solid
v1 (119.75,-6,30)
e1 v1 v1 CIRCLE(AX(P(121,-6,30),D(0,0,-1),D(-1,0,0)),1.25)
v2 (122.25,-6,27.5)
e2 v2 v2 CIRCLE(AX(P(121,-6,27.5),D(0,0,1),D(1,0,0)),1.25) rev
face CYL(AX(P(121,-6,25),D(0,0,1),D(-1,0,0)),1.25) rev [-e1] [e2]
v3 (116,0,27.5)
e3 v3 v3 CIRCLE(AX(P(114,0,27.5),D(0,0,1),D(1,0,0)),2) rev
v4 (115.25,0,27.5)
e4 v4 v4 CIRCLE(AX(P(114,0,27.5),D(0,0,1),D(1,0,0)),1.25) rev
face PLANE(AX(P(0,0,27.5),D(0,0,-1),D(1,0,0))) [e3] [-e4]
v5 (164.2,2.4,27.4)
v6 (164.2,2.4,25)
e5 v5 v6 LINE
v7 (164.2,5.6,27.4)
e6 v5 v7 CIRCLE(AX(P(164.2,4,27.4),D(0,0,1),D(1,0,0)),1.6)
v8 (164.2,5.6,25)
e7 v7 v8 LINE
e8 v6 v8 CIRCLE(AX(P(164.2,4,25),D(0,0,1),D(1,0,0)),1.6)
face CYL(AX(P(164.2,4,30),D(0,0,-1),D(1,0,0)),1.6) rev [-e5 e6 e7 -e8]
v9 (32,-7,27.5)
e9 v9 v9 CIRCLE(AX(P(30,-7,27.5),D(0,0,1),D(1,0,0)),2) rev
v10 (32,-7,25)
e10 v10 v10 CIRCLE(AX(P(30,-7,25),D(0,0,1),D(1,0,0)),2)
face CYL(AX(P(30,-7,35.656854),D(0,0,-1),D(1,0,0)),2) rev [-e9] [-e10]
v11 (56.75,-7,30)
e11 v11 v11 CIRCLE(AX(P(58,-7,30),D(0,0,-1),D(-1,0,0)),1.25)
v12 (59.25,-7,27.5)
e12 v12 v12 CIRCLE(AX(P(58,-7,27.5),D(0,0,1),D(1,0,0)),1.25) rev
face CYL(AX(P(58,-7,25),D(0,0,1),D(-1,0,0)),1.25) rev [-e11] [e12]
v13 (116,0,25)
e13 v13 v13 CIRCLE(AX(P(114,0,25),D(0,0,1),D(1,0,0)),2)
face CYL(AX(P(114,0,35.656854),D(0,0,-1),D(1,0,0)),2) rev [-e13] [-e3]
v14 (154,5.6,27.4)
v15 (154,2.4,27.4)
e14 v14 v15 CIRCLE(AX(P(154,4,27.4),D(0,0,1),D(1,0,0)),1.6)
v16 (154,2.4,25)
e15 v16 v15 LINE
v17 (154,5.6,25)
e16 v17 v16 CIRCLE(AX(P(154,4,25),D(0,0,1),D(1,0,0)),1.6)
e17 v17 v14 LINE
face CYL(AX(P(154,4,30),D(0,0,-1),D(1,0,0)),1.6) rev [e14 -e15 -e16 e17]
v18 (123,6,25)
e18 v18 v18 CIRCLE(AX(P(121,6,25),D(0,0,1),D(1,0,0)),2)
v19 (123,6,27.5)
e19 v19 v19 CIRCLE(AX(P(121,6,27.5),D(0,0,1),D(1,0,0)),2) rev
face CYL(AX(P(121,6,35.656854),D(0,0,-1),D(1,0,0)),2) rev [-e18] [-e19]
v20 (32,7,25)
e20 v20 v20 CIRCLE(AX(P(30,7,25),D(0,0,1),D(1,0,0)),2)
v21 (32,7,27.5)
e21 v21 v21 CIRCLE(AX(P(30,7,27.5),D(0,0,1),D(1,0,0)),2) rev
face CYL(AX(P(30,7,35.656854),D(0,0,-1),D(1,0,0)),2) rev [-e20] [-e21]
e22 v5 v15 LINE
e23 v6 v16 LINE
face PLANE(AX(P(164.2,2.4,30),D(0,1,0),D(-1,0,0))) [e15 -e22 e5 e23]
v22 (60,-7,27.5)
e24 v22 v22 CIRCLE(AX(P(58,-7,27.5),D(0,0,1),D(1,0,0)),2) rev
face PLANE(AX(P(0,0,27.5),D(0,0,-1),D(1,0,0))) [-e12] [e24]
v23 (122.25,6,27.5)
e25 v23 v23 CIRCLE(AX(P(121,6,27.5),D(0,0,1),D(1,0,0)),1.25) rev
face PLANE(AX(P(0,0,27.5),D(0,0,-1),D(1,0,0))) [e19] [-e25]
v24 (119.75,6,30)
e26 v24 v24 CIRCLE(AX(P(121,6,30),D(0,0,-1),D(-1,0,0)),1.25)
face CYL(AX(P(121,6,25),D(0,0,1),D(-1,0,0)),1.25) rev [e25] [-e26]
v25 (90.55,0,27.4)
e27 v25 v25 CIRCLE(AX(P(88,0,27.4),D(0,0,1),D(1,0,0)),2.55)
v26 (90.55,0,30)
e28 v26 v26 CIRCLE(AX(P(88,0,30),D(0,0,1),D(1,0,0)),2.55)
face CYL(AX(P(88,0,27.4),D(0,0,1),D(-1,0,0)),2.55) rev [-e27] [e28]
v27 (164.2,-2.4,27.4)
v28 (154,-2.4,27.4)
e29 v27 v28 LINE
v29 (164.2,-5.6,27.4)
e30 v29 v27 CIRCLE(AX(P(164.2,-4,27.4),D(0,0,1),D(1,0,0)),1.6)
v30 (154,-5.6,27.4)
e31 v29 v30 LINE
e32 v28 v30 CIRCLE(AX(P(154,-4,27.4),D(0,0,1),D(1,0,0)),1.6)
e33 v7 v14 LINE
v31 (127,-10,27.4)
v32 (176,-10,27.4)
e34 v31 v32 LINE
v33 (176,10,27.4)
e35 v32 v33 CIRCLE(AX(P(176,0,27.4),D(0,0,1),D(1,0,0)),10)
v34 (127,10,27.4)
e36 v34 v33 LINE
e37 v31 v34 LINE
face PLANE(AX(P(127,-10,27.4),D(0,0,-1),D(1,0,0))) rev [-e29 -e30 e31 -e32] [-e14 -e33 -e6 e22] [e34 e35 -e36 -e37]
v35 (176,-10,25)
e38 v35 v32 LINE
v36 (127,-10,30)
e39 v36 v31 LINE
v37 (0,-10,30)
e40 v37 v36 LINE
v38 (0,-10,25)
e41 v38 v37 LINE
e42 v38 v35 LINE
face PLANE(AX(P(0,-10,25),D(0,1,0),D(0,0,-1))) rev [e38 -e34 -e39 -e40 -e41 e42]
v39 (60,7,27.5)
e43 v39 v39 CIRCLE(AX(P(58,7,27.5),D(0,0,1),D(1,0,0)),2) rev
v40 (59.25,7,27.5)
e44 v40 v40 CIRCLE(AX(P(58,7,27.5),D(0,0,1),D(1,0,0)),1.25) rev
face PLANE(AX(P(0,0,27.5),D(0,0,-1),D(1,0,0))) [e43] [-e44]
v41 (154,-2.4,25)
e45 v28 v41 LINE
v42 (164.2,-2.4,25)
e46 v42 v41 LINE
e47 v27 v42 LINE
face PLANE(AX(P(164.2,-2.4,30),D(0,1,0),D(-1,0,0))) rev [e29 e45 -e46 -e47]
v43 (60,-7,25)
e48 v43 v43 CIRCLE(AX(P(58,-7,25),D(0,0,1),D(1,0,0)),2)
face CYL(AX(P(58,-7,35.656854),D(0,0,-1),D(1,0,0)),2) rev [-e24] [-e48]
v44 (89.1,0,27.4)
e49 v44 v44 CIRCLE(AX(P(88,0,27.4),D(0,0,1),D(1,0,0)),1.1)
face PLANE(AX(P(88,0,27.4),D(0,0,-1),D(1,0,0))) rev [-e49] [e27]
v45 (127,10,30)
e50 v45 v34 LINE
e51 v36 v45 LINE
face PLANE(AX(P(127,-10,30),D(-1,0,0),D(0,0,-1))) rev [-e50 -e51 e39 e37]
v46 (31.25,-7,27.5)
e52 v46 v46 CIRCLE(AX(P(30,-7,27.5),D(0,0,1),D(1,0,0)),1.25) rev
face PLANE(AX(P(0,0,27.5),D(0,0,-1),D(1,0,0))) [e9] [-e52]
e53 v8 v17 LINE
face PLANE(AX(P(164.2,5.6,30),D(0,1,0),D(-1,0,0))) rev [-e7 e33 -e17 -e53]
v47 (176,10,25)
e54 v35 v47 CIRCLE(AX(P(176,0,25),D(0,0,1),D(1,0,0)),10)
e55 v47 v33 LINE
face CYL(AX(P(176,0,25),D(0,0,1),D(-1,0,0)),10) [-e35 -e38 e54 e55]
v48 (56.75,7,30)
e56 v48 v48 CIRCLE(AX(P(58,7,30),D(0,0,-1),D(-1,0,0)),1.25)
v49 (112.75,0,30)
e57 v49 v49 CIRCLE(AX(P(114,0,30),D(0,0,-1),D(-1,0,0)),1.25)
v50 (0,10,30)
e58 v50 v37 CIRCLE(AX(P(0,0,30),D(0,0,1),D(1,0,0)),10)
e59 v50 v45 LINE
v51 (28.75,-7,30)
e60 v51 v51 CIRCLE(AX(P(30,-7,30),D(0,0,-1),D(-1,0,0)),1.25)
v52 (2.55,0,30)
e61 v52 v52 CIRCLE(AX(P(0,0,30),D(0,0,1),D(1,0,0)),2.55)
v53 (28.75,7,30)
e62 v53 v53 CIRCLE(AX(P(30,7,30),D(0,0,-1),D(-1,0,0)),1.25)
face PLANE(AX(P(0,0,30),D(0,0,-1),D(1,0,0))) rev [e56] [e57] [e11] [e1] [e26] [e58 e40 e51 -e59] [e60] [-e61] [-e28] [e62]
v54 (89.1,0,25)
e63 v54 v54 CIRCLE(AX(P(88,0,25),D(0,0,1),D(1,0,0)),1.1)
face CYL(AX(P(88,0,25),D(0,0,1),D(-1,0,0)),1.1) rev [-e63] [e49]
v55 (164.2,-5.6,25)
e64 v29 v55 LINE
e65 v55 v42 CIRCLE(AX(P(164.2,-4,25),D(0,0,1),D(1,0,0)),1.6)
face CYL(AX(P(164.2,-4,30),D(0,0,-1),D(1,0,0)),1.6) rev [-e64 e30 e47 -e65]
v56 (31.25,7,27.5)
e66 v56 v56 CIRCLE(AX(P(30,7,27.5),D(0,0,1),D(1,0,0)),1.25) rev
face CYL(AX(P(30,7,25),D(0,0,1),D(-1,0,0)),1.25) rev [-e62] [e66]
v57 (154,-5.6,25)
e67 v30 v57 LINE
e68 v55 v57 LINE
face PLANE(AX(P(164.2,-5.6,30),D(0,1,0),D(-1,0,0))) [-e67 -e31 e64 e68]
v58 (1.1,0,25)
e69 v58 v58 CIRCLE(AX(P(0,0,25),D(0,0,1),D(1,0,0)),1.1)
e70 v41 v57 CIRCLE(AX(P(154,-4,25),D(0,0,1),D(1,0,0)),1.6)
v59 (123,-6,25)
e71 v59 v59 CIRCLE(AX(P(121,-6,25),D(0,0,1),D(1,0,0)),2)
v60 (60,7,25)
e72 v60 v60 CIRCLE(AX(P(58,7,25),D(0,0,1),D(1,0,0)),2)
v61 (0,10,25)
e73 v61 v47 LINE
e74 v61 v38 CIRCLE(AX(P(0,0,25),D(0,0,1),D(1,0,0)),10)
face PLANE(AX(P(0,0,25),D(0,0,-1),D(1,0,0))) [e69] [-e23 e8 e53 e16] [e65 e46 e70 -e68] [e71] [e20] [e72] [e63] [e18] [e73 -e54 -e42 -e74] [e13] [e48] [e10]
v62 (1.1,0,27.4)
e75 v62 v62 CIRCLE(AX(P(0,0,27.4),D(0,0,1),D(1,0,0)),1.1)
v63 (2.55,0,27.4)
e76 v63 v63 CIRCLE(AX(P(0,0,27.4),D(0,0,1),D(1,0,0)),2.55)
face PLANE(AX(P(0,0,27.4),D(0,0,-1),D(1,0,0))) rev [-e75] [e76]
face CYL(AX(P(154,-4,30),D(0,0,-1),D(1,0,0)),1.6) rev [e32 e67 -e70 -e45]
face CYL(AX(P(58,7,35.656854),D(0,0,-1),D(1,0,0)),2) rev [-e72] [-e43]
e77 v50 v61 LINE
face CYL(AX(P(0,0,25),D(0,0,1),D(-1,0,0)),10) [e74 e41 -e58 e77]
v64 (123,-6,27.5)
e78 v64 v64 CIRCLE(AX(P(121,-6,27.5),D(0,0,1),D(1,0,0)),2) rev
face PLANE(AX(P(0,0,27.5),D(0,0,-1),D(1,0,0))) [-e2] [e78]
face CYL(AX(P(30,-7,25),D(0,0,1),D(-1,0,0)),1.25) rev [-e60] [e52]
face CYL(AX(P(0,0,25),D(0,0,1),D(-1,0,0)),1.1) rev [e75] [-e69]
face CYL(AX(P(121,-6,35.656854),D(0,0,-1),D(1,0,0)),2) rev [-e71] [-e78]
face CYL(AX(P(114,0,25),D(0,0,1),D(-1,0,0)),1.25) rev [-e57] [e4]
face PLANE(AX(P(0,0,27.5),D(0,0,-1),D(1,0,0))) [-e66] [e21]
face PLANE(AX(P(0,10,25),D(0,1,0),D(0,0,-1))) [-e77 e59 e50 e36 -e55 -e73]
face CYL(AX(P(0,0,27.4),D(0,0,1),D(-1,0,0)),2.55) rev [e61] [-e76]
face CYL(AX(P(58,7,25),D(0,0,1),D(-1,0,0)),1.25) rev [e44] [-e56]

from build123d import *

# Parameters (mm, degrees)
EXTRUDE_1_DEPTH     = 5
SKETCH_1_3_R        = 1.1
CUT_EXTRUDE_2_DEPTH = 187.33571853
SKETCH_1_4_R        = 2.55
CUT_EXTRUDE_3_DEPTH = 2.6
SKETCH_2_R          = 1.25
CUT_EXTRUDE_4_DEPTH = 187.33571853
CUT_EXTRUDE_START   = -5
SKETCH_2_3_R        = 2
CUT_EXTRUDE_5_DEPTH = 2.5
SKETCH_3_W          = 59
SKETCH_3_H          = 2.6
CUT_EXTRUDE_6_DEPTH = 188.138985783
CUT_EXTRUDE_7_DEPTH = 187.33571853
SKETCH_5_W          = 276.925102881
SKETCH_5_H          = 124.694650206
CUT_EXTRUDE_8_DEPTH = 187.871613682


with BuildPart() as part:
    # 草图1 → 凸台-拉伸1 (new body)
    with BuildSketch(Plane.XY):
        with BuildLine():
            Line((0, -10), (176, -10))
            ThreePointArc((176, -10), (186, 0), (176, 10))
            Line((176, 10), (0, 10))
            ThreePointArc((0, 10), (-10, 0), (0, -10))
        make_face()
    extrude(amount=EXTRUDE_1_DEPTH)

    # 草图1<3> → 切除-拉伸2 (cut, through all)
    with BuildSketch(Plane.XY):
        with Locations((88, 0)):
            Circle(SKETCH_1_3_R)
        Circle(SKETCH_1_3_R)
    extrude(amount=CUT_EXTRUDE_2_DEPTH, mode=Mode.SUBTRACT)

    # 草图1<4> → 切除-拉伸3 (cut)
    with BuildSketch(Plane.XY):
        with Locations((88, 0)):
            Circle(SKETCH_1_4_R)
        Circle(SKETCH_1_4_R)
    extrude(amount=CUT_EXTRUDE_3_DEPTH, mode=Mode.SUBTRACT)

    # 草图2 → 切除-拉伸4 (cut, through all)
    with BuildSketch(Plane(origin=(0, 0, 0), x_dir=(-1, 0, 0), z_dir=(0, 0, -1))):
        with Locations((-121, -6)):
            Circle(SKETCH_2_R)
        with Locations((-121, 6)):
            Circle(SKETCH_2_R)
        with Locations((-114, 0)):
            Circle(SKETCH_2_R)
        with Locations((-58, 7)):
            Circle(SKETCH_2_R)
        with Locations((-30, 7)):
            Circle(SKETCH_2_R)
        with Locations((-58, -7)):
            Circle(SKETCH_2_R)
        with Locations((-30, -7)):
            Circle(SKETCH_2_R)
    extrude(amount=-CUT_EXTRUDE_4_DEPTH, mode=Mode.SUBTRACT)

    # 草图2<3> → 切除-拉伸5 (cut)
    with BuildSketch(Plane(origin=(0, 0, 0), x_dir=(-1, 0, 0), z_dir=(0, 0, -1)).offset(CUT_EXTRUDE_START)):
        with Locations(Location((-121, -6, 0), (0, 0, 180))):
            Circle(SKETCH_2_3_R)
        with Locations(Location((-121, 6, 0), (0, 0, 180))):
            Circle(SKETCH_2_3_R)
        with Locations(Location((-114, 0, 0), (0, 0, 180))):
            Circle(SKETCH_2_3_R)
        with Locations(Location((-58, 7, 0), (0, 0, 180))):
            Circle(SKETCH_2_3_R)
        with Locations(Location((-30, 7, 0), (0, 0, 180))):
            Circle(SKETCH_2_3_R)
        with Locations(Location((-58, -7, 0), (0, 0, 180))):
            Circle(SKETCH_2_3_R)
        with Locations(Location((-30, -7, 0), (0, 0, 180))):
            Circle(SKETCH_2_3_R)
    extrude(amount=CUT_EXTRUDE_5_DEPTH, mode=Mode.SUBTRACT)

    # 草图3 → 切除-拉伸6 (cut, through all)
    with BuildSketch(Plane(origin=(0, 10, 0), x_dir=(1, 0, 0), z_dir=(0, 1, 0))):
        with Locations((156.5, -1.3)):
            Rectangle(SKETCH_3_W, SKETCH_3_H)
    extrude(amount=-CUT_EXTRUDE_6_DEPTH, mode=Mode.SUBTRACT)

    # 草图4 → 切除-拉伸7 (cut, through all)
    with BuildSketch(Plane.XY.offset(5)):
        with BuildLine():
            Line((164.2, -2.4), (154, -2.4))
            ThreePointArc((154, -2.4), (152.4, -4), (154, -5.6))
            Line((154, -5.6), (164.2, -5.6))
            ThreePointArc((164.2, -5.6), (165.8, -4), (164.2, -2.4))
        make_face()
        with BuildLine():
            ThreePointArc((154, 5.6), (152.4, 4), (154, 2.4))
            Line((154, 2.4), (164.2, 2.4))
            ThreePointArc((164.2, 2.4), (165.8, 4), (164.2, 5.6))
            Line((164.2, 5.6), (154, 5.6))
        make_face()
    extrude(amount=-CUT_EXTRUDE_7_DEPTH, mode=Mode.SUBTRACT)


with BuildPart() as body_2:
    # 镜向2: mirrored copy
    add(part.part.mirror(Plane.XY.offset(15)))


with BuildPart() as part_1:
    add(part.part)

    # 草图5 → 切除-拉伸8 (cut, through all)
    with BuildSketch(Plane.XY.offset(15)):
        with Locations((84.530041153, -5.708641975)):
            Rectangle(SKETCH_5_W, SKETCH_5_H)
    extrude(amount=-CUT_EXTRUDE_8_DEPTH, mode=Mode.SUBTRACT)


solid = body_2.part
